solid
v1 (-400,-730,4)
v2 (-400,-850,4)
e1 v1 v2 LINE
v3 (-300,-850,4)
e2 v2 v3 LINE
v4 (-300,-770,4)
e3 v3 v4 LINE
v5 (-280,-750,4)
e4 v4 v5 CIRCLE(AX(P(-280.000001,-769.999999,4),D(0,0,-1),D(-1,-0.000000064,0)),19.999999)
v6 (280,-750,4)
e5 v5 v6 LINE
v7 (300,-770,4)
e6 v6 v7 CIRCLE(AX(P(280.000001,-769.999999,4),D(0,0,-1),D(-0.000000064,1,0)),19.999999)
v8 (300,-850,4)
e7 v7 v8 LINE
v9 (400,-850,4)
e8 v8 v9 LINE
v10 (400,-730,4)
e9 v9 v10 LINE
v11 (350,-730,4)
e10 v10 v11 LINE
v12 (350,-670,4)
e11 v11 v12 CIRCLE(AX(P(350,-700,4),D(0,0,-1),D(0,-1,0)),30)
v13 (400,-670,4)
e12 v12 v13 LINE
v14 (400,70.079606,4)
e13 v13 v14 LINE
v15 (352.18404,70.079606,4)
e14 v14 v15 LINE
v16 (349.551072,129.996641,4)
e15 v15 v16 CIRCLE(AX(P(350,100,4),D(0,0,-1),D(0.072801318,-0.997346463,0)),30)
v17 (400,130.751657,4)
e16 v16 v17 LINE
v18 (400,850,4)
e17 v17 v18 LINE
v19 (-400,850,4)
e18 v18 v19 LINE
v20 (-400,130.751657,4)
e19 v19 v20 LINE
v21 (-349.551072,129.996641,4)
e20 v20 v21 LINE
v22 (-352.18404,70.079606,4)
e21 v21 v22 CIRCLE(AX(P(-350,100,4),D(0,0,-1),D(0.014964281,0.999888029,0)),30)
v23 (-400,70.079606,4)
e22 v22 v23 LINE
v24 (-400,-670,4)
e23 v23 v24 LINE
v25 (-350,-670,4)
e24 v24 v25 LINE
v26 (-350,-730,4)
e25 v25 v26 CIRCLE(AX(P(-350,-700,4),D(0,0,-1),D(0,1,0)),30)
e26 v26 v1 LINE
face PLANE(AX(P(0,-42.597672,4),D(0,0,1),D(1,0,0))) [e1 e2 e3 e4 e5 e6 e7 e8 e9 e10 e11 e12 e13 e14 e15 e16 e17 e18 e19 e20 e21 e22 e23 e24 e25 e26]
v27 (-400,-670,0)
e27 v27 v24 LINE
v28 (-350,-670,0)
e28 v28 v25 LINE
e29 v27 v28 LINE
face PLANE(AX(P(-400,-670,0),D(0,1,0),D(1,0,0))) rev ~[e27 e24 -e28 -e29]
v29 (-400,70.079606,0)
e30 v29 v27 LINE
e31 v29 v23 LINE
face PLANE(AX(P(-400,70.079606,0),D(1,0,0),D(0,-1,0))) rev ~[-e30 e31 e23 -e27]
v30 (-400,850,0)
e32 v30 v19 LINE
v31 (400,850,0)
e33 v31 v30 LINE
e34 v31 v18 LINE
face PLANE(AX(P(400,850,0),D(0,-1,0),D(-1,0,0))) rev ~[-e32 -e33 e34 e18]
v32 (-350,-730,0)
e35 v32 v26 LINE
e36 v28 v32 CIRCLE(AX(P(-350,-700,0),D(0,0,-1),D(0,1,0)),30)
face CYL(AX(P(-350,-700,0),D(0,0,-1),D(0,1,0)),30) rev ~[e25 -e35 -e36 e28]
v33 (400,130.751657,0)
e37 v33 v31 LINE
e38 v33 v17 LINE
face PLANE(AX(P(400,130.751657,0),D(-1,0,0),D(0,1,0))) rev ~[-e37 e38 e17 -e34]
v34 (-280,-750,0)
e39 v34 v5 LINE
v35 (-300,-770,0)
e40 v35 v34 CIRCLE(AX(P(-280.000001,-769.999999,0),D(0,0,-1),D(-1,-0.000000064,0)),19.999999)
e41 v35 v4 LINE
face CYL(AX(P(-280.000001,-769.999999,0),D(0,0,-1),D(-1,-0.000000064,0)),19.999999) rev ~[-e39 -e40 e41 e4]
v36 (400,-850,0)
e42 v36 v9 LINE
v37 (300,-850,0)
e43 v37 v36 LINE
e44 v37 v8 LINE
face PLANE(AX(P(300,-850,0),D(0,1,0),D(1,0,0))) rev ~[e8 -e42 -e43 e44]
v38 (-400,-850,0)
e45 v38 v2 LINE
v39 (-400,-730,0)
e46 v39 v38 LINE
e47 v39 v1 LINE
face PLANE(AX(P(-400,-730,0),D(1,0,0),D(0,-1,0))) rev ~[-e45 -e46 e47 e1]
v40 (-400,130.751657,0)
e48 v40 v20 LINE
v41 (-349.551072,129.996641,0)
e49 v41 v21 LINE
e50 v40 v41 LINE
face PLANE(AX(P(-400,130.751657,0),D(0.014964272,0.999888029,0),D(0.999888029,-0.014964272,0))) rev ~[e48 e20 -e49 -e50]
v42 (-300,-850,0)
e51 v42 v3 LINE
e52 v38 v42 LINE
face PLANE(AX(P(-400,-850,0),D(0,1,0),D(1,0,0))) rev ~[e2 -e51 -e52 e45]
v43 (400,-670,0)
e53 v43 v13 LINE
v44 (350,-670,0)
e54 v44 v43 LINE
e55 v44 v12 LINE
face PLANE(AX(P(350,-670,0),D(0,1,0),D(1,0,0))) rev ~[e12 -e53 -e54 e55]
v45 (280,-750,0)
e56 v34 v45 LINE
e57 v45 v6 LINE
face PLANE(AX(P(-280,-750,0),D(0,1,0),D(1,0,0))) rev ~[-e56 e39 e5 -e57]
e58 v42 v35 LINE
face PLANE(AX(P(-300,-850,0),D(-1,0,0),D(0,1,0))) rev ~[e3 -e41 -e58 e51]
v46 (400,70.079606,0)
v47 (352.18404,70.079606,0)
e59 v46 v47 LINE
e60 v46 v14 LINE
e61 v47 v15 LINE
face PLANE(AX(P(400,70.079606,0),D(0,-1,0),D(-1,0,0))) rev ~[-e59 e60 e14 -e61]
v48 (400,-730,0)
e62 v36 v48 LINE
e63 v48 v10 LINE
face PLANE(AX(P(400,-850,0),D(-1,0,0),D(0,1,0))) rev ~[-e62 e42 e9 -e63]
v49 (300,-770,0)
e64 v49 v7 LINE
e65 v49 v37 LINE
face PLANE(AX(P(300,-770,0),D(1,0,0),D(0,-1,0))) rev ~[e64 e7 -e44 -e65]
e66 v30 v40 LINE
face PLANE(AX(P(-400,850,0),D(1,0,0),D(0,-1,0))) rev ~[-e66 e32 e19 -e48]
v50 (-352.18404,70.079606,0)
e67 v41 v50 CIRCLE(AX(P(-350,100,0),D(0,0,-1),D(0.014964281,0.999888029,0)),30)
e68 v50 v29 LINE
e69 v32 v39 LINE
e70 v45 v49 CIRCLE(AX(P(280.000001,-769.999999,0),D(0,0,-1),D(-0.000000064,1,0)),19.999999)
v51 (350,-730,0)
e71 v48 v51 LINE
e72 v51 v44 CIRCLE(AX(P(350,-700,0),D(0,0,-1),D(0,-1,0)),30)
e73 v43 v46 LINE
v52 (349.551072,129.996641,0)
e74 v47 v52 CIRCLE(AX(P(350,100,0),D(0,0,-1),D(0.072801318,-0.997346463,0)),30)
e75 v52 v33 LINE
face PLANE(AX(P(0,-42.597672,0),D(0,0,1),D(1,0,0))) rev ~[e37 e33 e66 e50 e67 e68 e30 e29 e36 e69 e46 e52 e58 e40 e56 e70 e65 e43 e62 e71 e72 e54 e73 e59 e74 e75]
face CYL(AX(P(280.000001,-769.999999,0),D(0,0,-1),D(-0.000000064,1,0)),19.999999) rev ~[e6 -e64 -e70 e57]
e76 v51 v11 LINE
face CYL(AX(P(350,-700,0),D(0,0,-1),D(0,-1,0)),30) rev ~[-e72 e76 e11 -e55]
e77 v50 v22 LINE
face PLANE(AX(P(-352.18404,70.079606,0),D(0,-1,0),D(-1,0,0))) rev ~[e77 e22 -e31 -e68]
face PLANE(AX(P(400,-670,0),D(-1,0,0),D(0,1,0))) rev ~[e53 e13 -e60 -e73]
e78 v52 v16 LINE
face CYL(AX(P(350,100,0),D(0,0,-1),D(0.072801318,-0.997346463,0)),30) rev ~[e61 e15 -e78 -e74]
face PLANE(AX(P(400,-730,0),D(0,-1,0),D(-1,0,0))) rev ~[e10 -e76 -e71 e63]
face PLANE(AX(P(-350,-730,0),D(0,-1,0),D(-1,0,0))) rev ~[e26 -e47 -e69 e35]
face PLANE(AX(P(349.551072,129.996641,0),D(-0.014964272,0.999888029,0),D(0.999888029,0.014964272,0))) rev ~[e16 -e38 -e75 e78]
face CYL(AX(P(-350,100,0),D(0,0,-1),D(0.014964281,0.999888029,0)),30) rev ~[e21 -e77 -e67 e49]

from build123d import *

# Parameters (mm, degrees)
F1_DEPTH = 4


with BuildPart() as f1:
    # F0 (on Top) → F1 (new body)
    with BuildSketch(Plane.XY):
        with BuildLine():
            Line((300, -850), (400, -850))
            Line((400, -850), (400, -730))
            Line((400, -730), (350, -730))
            ThreePointArc((350, -730), (320, -700), (350, -670))
            Line((350, -670), (400, -670))
            Line((400, -670), (400, 70.079606))
            Line((400, 70.079606), (352.18404, 70.079606))
            ThreePointArc((352.18404, 70.079606), (320.028924, 98.682964), (349.551072, 129.996641))
            Line((349.551072, 129.996641), (400, 130.751657))
            Line((400, 130.751657), (400, 850))
            Line((400, 850), (-400, 850))
            Line((-400, 850), (-400, 130.751657))
            Line((-400, 130.751657), (-349.551072, 129.996641))
            ThreePointArc((-349.551072, 129.996641), (-320.028924, 98.682964), (-352.18404, 70.079606))
            Line((-352.18404, 70.079606), (-400, 70.079606))
            Line((-400, 70.079606), (-400, -670))
            Line((-400, -670), (-350, -670))
            ThreePointArc((-350, -670), (-320, -700), (-350, -730))
            Line((-350, -730), (-400, -730))
            Line((-400, -730), (-400, -850))
            Line((-400, -850), (-300, -850))
            Line((-300, -850), (-300, -770))
            ThreePointArc((-300, -770), (-294.142136, -755.857864), (-280, -750))
            Line((-280, -750), (280, -750))
            ThreePointArc((280, -750), (294.142136, -755.857864), (300, -770))
            Line((300, -770), (300, -850))
        make_face()
    extrude(amount=F1_DEPTH)


solid = f1.part
